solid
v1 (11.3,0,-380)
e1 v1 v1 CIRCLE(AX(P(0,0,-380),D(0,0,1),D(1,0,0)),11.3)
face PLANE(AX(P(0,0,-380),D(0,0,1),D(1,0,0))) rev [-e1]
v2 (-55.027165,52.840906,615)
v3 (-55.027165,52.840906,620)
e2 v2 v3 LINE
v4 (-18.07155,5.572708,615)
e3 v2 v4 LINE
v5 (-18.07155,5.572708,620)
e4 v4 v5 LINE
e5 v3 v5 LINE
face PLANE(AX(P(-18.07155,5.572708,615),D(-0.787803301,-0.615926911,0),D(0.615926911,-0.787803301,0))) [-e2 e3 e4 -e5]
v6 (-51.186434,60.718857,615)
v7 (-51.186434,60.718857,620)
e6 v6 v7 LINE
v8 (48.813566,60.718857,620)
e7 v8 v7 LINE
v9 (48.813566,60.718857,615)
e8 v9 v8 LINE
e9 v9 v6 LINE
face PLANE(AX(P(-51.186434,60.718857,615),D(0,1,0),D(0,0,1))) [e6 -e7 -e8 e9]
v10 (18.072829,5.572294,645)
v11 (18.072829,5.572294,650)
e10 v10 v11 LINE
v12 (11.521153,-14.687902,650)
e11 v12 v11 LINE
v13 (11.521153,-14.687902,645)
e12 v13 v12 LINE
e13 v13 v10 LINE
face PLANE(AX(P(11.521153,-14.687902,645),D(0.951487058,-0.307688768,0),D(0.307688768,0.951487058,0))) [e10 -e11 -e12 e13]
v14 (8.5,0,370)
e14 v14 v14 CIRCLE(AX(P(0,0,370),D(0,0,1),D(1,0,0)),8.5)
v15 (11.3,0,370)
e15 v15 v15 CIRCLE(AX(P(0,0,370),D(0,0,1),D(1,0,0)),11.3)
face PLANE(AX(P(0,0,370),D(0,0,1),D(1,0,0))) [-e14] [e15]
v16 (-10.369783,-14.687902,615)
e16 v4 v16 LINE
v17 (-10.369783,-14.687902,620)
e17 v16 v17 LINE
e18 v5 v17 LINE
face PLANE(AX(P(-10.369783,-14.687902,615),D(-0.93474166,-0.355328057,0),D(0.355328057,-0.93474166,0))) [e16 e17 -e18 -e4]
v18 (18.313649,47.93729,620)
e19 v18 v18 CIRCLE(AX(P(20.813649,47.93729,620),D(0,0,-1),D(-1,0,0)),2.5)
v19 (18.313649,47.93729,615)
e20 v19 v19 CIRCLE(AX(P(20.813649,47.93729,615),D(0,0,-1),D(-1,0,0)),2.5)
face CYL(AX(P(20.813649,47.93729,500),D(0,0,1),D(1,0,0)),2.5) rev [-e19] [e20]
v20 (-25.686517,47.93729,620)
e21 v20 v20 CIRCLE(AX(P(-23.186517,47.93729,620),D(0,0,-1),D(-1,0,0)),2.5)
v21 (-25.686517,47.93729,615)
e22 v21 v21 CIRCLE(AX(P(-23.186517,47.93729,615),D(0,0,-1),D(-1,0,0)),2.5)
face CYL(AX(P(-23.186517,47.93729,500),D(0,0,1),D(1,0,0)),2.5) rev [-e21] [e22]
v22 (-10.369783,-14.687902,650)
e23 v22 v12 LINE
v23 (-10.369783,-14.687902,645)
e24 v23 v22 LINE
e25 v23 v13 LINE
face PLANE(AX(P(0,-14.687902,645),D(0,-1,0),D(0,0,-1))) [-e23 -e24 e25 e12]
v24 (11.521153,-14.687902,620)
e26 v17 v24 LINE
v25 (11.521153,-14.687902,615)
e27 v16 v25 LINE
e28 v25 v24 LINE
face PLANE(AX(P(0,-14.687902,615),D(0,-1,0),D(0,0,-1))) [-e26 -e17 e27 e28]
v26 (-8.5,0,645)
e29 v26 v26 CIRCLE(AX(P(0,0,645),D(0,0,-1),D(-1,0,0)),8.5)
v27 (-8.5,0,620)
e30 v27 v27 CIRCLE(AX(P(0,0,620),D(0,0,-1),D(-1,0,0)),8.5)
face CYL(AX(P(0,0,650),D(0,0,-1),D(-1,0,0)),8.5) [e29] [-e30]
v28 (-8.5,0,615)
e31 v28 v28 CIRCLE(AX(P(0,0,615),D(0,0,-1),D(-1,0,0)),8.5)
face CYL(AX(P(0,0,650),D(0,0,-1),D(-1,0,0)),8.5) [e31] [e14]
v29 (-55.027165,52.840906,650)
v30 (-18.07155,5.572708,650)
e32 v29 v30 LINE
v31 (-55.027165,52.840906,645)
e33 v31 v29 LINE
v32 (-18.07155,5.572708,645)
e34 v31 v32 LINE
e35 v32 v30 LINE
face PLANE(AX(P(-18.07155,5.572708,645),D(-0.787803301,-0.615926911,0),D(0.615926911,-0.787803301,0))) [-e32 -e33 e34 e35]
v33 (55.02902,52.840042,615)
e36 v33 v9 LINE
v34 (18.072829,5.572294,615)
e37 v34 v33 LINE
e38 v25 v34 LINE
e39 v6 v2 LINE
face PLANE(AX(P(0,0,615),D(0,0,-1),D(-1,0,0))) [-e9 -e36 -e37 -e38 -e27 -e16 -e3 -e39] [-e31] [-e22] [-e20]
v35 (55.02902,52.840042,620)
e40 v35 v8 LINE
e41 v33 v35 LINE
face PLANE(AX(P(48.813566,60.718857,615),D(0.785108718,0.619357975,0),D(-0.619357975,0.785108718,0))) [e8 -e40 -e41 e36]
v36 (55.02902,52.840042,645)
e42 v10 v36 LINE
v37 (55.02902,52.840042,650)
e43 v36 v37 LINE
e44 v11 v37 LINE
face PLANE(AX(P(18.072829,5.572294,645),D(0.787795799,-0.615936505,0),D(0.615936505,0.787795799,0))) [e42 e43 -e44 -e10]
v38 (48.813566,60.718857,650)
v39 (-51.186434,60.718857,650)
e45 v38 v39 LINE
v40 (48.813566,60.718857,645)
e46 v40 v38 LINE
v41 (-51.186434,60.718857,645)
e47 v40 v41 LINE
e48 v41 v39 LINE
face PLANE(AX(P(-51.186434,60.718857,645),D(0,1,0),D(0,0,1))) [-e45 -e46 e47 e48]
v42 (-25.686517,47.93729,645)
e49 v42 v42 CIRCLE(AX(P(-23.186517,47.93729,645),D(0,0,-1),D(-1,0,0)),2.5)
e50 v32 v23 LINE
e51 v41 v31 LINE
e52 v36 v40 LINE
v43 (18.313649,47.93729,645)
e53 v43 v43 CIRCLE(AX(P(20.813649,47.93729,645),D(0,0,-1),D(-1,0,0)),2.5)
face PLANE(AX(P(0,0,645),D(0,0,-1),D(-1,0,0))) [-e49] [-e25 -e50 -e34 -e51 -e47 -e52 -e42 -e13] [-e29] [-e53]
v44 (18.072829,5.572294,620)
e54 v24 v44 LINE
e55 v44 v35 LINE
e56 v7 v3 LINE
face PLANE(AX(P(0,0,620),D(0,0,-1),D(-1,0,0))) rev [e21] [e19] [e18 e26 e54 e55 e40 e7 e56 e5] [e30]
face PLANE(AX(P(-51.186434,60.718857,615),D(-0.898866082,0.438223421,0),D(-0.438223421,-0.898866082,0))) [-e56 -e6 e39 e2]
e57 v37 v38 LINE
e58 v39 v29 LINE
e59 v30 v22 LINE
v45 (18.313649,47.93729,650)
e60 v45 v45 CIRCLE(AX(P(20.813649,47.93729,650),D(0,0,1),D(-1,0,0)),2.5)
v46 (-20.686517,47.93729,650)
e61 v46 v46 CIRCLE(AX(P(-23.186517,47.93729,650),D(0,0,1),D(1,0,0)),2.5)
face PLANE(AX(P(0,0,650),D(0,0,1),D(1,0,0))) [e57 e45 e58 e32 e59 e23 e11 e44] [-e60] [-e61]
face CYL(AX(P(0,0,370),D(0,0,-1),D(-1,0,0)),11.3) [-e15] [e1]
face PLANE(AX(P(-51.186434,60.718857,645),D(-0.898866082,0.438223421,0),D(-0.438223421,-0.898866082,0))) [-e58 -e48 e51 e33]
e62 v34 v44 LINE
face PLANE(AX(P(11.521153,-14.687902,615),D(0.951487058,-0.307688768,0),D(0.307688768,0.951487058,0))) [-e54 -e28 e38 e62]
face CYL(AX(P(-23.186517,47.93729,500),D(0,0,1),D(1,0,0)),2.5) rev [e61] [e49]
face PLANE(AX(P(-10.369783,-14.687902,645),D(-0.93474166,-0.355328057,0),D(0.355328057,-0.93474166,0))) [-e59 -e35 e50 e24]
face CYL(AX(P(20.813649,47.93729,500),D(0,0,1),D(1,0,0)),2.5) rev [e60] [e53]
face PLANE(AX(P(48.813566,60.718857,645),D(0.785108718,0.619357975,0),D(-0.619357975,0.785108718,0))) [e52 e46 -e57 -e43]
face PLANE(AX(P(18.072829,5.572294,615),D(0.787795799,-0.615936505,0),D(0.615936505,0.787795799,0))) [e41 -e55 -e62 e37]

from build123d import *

# Parameters (mm, degrees)
BOSS_EXTRUDE1_START = -380
SKETCH1_R           = 11.3
BOSS_EXTRUDE1_DEPTH = 750
SKETCH2_R           = 8.5
BOSS_EXTRUDE2_DEPTH = 280
BOSS_EXTRUDE3_DEPTH = 5
LPATTERN1_COUNT     = 2
LPATTERN1_PITCH     = 30
SKETCH6_R           = 2.5
CUT_EXTRUDE1_DEPTH  = 150


with BuildPart() as part:
    # Sketch1 → Boss-Extrude1 (new body)
    with BuildSketch(Plane.XY.offset(BOSS_EXTRUDE1_START)):
        Circle(SKETCH1_R)
    extrude(amount=BOSS_EXTRUDE1_DEPTH)

    # Sketch2 → Boss-Extrude2 (add)
    with BuildSketch(Plane.XY.offset(370)):
        Circle(SKETCH2_R)
    extrude(amount=BOSS_EXTRUDE2_DEPTH)

    # Sketch3 → Boss-Extrude3 (add)
    with BuildSketch(Plane.XY.offset(650)):
        Polygon((11.52115326, -14.68790239), (18.072829237, 5.572294102), (55.029019564, 52.840042055), (48.813565956, 60.718856904), (-51.186434044, 60.718856904), (-55.027164938, 52.840905681), (-18.071550308, 5.572707626), (-10.36978253, -14.68790239), (0, -14.68790239), align=None)
    boss_extrude3 = extrude(amount=-BOSS_EXTRUDE3_DEPTH)

    # LPattern1: Boss-Extrude3 ×2
    with Locations(*[(0, 0, -i * LPATTERN1_PITCH) for i in range(1, LPATTERN1_COUNT)]):
        add(boss_extrude3)

    # Sketch6 → Cut-Extrude1 (cut)
    with BuildSketch(Plane.XY.offset(650)):
        with Locations((-23.186517394, 47.937289654)):
            Circle(SKETCH6_R)
        with Locations((20.813649306, 47.937289654)):
            Circle(SKETCH6_R)
    extrude(amount=-CUT_EXTRUDE1_DEPTH, mode=Mode.SUBTRACT)


solid = part.part
